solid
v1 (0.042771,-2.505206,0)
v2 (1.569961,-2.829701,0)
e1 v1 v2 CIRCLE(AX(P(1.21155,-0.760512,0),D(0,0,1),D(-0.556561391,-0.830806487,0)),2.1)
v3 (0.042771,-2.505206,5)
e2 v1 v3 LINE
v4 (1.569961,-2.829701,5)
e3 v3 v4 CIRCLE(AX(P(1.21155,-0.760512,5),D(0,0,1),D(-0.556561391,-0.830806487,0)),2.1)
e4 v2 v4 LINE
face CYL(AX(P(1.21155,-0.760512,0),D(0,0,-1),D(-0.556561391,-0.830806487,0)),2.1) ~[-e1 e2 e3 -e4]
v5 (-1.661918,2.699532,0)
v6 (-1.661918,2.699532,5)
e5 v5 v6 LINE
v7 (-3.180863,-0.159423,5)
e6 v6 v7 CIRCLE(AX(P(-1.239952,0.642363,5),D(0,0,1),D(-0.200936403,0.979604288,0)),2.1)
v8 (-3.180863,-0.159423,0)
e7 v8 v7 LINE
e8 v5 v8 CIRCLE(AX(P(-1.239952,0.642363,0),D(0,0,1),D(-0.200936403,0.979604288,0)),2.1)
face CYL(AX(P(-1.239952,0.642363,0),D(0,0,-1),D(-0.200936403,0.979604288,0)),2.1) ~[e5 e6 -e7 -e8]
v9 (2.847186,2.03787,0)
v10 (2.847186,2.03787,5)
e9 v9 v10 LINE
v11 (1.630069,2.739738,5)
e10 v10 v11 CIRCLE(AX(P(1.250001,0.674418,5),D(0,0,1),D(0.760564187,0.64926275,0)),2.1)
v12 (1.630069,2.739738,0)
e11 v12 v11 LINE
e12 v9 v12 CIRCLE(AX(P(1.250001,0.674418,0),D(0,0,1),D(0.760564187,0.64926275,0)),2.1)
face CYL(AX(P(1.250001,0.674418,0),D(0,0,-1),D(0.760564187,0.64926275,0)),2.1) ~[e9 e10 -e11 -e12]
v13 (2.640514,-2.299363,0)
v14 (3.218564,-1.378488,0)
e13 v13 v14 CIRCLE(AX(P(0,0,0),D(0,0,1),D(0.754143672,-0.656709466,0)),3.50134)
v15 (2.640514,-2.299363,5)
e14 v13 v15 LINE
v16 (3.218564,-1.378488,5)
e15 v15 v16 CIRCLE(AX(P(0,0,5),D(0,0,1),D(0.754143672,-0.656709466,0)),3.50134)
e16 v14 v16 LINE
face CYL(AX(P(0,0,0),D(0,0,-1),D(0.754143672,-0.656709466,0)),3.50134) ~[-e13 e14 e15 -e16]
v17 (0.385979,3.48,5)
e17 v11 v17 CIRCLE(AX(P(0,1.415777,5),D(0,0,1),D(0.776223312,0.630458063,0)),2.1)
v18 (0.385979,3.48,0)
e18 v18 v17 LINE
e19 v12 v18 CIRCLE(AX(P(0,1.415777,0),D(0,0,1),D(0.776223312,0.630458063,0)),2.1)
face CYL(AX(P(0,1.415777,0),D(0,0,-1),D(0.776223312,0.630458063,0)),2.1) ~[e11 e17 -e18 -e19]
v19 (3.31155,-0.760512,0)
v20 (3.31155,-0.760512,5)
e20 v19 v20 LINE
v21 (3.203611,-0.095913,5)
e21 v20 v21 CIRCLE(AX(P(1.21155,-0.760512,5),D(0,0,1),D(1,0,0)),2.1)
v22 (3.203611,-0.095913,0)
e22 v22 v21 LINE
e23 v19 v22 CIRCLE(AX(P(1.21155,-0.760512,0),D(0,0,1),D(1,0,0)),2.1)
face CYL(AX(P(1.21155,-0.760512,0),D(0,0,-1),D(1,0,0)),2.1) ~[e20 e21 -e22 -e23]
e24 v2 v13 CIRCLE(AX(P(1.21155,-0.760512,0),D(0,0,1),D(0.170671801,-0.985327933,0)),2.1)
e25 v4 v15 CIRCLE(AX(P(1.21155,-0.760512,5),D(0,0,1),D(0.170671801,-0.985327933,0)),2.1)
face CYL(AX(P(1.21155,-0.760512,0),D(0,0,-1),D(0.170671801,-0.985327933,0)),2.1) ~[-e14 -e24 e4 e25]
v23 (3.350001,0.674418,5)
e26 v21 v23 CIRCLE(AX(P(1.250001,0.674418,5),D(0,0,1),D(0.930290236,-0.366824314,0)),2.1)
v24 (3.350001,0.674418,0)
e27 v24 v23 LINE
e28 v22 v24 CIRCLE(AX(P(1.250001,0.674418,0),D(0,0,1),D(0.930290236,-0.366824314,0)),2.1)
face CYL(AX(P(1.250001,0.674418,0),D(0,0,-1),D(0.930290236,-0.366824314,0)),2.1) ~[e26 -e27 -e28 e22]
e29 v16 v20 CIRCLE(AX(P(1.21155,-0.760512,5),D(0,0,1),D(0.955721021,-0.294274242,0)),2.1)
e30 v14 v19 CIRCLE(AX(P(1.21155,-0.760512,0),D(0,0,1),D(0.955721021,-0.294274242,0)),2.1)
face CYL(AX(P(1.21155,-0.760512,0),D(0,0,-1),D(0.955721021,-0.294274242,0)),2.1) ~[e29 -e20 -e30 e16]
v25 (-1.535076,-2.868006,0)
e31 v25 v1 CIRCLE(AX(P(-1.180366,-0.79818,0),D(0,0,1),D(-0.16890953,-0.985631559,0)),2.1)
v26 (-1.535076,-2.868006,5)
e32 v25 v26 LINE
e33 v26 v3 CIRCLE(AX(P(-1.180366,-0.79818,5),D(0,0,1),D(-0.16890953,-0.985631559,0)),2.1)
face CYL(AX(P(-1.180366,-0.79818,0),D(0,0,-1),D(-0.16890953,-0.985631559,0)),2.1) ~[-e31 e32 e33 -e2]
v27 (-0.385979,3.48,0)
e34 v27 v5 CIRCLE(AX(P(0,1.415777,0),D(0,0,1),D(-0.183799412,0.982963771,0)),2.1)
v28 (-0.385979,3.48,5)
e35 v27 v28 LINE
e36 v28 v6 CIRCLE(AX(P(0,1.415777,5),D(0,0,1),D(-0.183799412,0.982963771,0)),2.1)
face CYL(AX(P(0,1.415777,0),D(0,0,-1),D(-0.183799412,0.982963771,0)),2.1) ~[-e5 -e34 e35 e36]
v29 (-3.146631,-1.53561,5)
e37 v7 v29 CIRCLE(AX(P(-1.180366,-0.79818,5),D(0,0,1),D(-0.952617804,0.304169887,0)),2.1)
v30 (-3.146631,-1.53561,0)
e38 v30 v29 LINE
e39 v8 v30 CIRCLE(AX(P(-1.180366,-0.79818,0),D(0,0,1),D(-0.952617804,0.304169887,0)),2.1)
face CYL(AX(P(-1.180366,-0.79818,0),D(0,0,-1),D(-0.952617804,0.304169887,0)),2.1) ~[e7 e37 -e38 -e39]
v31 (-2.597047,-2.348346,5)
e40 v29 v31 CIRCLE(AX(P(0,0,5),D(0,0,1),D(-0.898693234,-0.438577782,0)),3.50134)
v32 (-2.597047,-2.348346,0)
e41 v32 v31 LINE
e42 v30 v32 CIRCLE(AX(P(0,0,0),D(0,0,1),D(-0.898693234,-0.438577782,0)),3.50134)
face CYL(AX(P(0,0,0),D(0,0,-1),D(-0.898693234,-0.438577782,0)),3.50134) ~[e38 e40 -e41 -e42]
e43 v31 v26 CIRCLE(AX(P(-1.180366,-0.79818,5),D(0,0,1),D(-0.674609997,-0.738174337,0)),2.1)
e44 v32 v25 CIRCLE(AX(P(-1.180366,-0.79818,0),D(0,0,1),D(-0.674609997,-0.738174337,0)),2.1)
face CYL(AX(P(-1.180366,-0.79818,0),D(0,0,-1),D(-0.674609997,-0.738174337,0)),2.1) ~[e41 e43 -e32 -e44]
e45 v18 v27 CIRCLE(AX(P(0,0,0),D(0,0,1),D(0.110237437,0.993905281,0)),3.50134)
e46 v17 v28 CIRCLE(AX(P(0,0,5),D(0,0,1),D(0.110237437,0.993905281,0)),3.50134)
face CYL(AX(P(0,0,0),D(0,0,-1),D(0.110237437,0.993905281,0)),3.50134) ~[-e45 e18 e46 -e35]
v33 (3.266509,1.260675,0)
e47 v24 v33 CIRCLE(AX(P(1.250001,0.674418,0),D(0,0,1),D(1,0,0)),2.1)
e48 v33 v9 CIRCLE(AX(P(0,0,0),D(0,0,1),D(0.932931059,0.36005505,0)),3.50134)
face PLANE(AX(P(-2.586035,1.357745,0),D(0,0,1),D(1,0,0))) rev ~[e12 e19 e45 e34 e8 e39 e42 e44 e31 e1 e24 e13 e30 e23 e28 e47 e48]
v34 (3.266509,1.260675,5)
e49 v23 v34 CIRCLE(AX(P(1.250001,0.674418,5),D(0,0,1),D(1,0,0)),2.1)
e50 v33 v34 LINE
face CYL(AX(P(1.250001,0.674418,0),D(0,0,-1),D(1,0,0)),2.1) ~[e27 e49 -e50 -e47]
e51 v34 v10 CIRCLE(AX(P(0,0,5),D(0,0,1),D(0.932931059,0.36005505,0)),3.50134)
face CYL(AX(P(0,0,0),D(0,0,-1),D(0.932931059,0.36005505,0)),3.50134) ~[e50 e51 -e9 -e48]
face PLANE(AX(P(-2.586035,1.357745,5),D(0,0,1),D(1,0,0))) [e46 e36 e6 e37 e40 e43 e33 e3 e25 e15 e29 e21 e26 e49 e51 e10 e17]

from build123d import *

# Parameters (mm, degrees)
F1_DEPTH = 5


with BuildPart() as f1:
    # F0 (on Top) → F1 (new body)
    with BuildSketch(Plane.XY):
        with BuildLine():
            ThreePointArc((-2.0762917056, 1.1011136345), (-2.0328031028, 1.9427599936), (-1.6619180303, 2.6995321623))
            ThreePointArc((-1.6619180303, 2.6995321623), (-3.094460966, 1.6276524291), (-3.1808633019, -0.159423412))
            ThreePointArc((-3.1808633019, -0.159423412), (-2.759782015, 0.5858157715), (-2.0762917056, 1.1011136345))
        make_face()
        with BuildLine():
            ThreePointArc((-0.0167437519, 2.3493378491), (0.7655920202, 2.7177846989), (1.630068956, 2.739738487))
            ThreePointArc((1.630068956, 2.739738487), (1.0738291564, 3.2204623839), (0.3859787662, 3.4800004745))
            ThreePointArc((0.3859787662, 3.4800004745), (0, 3.5013401592), (-0.3859787662, 3.4800004745))
            ThreePointArc((-0.3859787662, 3.4800004745), (-1.0957887656, 3.2072136818), (-1.6619180303, 2.6995321623))
            ThreePointArc((-1.6619180303, 2.6995321623), (-0.8027377303, 2.6963456411), (-0.0167437519, 2.3493378491))
        make_face()
        with BuildLine():
            ThreePointArc((-0.7665170517, 1.2606372323), (-0.4795280781, 1.8655214743), (-0.0167437519, 2.3493378491))
            ThreePointArc((-0.0167437519, 2.3493378491), (-0.8027377303, 2.6963456411), (-1.6619180303, 2.6995321623))
            ThreePointArc((-1.6619180303, 2.6995321623), (-2.0328031028, 1.9427599936), (-2.0762917056, 1.1011136345))
            ThreePointArc((-2.0762917056, 1.1011136345), (-1.4342585803, 1.2864153522), (-0.7665170517, 1.2606372323))
        make_face()
        with BuildLine():
            ThreePointArc((-0.8417890227, 0.4889120152), (-0.8400800334, 0.8782788449), (-0.7665170517, 1.2606372323))
            ThreePointArc((-0.7665170517, 1.2606372323), (-1.4342585803, 1.2864153522), (-2.0762917056, 1.1011136345))
            ThreePointArc((-2.0762917056, 1.1011136345), (-1.892548263, 0.5056880575), (-1.5421690484, -0.0096057192))
            ThreePointArc((-1.5421690484, -0.0096057192), (-1.2177618831, 0.275876115), (-0.8417890227, 0.4889120152))
        make_face()
        with BuildLine():
            ThreePointArc((-1.5421690484, -0.0096057192), (-1.892548263, 0.5056880575), (-2.0762917056, 1.1011136345))
            ThreePointArc((-2.0762917056, 1.1011136345), (-2.759782015, 0.5858157715), (-3.1808633019, -0.159423412))
            ThreePointArc((-3.1808633019, -0.159423412), (-2.7448394229, -0.8223254079), (-2.0939831205, -1.2761336856))
            ThreePointArc((-2.0939831205, -1.2761336856), (-1.9252075008, -0.5961935731), (-1.5421690484, -0.0096057192))
        make_face()
        with BuildLine():
            ThreePointArc((-3.1808633019, -0.159423412), (-3.2797165139, -0.8504014439), (-3.1466307115, -1.5356100014))
            ThreePointArc((-3.1466307115, -1.5356100014), (-2.900447072, -1.9613234545), (-2.597046909, -2.3483462827))
            ThreePointArc((-2.597046909, -2.3483462827), (-2.1033871479, -2.6844547585), (-1.535075927, -2.8680064501))
            ThreePointArc((-1.535075927, -2.8680064501), (-1.9814217414, -2.1306659953), (-2.0939831205, -1.2761336856))
            ThreePointArc((-2.0939831205, -1.2761336856), (-2.7448394229, -0.8223254079), (-3.1808633019, -0.159423412))
        make_face()
        with BuildLine():
            ThreePointArc((-0.7861340261, -1.4080147657), (-1.4506432117, -1.4470408344), (-2.0939831205, -1.2761336856))
            ThreePointArc((-2.0939831205, -1.2761336856), (-1.9814217414, -2.1306659953), (-1.535075927, -2.8680064501))
            ThreePointArc((-1.535075927, -2.8680064501), (-0.709784023, -2.8447755638), (0.0427708169, -2.5052058157))
            ThreePointArc((0.0427708169, -2.5052058157), (-0.4640333051, -2.0263800649), (-0.7861340261, -1.4080147657))
        make_face()
        with BuildLine():
            ThreePointArc((-0.8715740706, -0.4948146209), (-1.2310141675, -0.2855770594), (-1.5421690484, -0.0096057192))
            ThreePointArc((-1.5421690484, -0.0096057192), (-1.9252075008, -0.5961935731), (-2.0939831205, -1.2761336856))
            ThreePointArc((-2.0939831205, -1.2761336856), (-1.4506432117, -1.4470408344), (-0.7861340261, -1.4080147657))
            ThreePointArc((-0.7861340261, -1.4080147657), (-0.8793187986, -0.9561362328), (-0.8715740706, -0.4948146209))
        make_face()
        with BuildLine():
            ThreePointArc((-0.742059757, 0.009818867), (-0.8059274631, 0.2464505253), (-0.8417890227, 0.4889120152))
            ThreePointArc((-0.8417890227, 0.4889120152), (-1.2177618831, 0.275876115), (-1.5421690484, -0.0096057192))
            ThreePointArc((-1.5421690484, -0.0096057192), (-1.2310141675, -0.2855770594), (-0.8715740706, -0.4948146209))
            ThreePointArc((-0.8715740706, -0.4948146209), (-0.8225268781, -0.2384659106), (-0.742059757, 0.009818867))
        make_face()
        with BuildLine():
            ThreePointArc((-0.0115869939, 0.9465134466), (-0.373615573, 1.1406735804), (-0.7665170517, 1.2606372323))
            ThreePointArc((-0.7665170517, 1.2606372323), (-0.8400800334, 0.8782788449), (-0.8417890227, 0.4889120152))
            ThreePointArc((-0.8417890227, 0.4889120152), (-0.6044808447, 0.5761318216), (-0.3584107831, 0.634200667))
            ThreePointArc((-0.3584107831, 0.634200667), (-0.1937021555, 0.8000220473), (-0.0115869939, 0.9465134466))
        make_face()
        with BuildLine():
            ThreePointArc((-0.3800674705, -0.6495439334), (0.0213422754, -0.6841149921), (0.4219664467, -0.6413924512))
            ThreePointArc((0.4219664467, -0.6413924512), (0.6194374425, -0.3336862528), (0.7605458039, 0.0036063931))
            ThreePointArc((0.7605458039, 0.0036063931), (0.5860530482, 0.3374976169), (0.3547100125, 0.6348382816))
            ThreePointArc((0.3547100125, 0.6348382816), (-0.0018776485, 0.6650111676), (-0.3584107831, 0.634200667))
            ThreePointArc((-0.3584107831, 0.634200667), (-0.5776818213, 0.3388741939), (-0.742059757, 0.009818867))
            ThreePointArc((-0.742059757, 0.009818867), (-0.590826214, -0.336202296), (-0.3800674705, -0.6495439334))
        make_face()
        with BuildLine():
            ThreePointArc((0.8600484164, 0.6423631567), (0.8343116475, 0.9701314411), (0.75773218, 1.2898657287))
            ThreePointArc((0.75773218, 1.2898657287), (0.3556778901, 1.1571643643), (-0.0115869939, 0.9465134466))
            ThreePointArc((-0.0115869939, 0.9465134466), (0.1805136214, 0.801196856), (0.3547100125, 0.6348382816))
            ThreePointArc((0.3547100125, 0.6348382816), (0.6090888134, 0.5747410478), (0.854031537, 0.4835088493))
            ThreePointArc((0.854031537, 0.4835088493), (0.8585436575, 0.5628790485), (0.8600484164, 0.6423631567))
        make_face()
        with BuildLine():
            ThreePointArc((0.75773218, 1.2898657287), (0.4553820003, 1.8816549058), (-0.0167437519, 2.3493378491))
            ThreePointArc((-0.0167437519, 2.3493378491), (-0.4795280781, 1.8655214743), (-0.7665170517, 1.2606372323))
            ThreePointArc((-0.7665170517, 1.2606372323), (-0.373615573, 1.1406735804), (-0.0115869939, 0.9465134466))
            ThreePointArc((-0.0115869939, 0.9465134466), (0.3556778901, 1.1571643643), (0.75773218, 1.2898657287))
        make_face()
        with BuildLine():
            ThreePointArc((2.0831238081, 1.1500789817), (2.0957767053, 1.2826600585), (2.1, 1.4157765545))
            ThreePointArc((2.1, 1.4157765545), (1.9790331993, 2.1182205709), (1.630068956, 2.739738487))
            ThreePointArc((1.630068956, 2.739738487), (0.7655920202, 2.7177846989), (-0.0167437519, 2.3493378491))
            ThreePointArc((-0.0167437519, 2.3493378491), (0.4553820003, 1.8816549058), (0.75773218, 1.2898657287))
            ThreePointArc((0.75773218, 1.2898657287), (1.4318114221, 1.3279046206), (2.0831238081, 1.1500789817))
        make_face()
        with BuildLine():
            ThreePointArc((1.630068956, 2.739738487), (1.9790331993, 2.1182205709), (2.1, 1.4157765545))
            ThreePointArc((2.1, 1.4157765545), (2.0957767053, 1.2826600585), (2.0831238081, 1.1500789817))
            ThreePointArc((2.0831238081, 1.1500789817), (2.7730316761, 0.6436865656), (3.2036109799, -0.0959130616))
            ThreePointArc((3.2036109799, -0.0959130616), (3.3130792758, 0.2823592908), (3.3500014855, 0.6744179991))
            ThreePointArc((3.3500014855, 0.6744179991), (3.3290235807, 0.9705043508), (3.2665089829, 1.2606752061))
            ThreePointArc((3.2665089829, 1.2606752061), (3.0814485688, 1.6625455268), (2.8471862771, 2.0378697735))
            ThreePointArc((2.8471862771, 2.0378697735), (2.2990660925, 2.4936110758), (1.630068956, 2.739738487))
        make_face()
        with BuildLine():
            ThreePointArc((3.3115497375, -0.7605121937), (3.2843894092, -0.4238585208), (3.2036109799, -0.0959130616))
            ThreePointArc((3.2036109799, -0.0959130616), (2.7620344039, -0.7828933792), (2.0917905081, -1.249482009))
            ThreePointArc((2.0917905081, -1.249482009), (2.0979466231, -1.3421442185), (2.1, -1.434987993))
            ThreePointArc((2.1, -1.434987993), (1.9630228085, -2.1810050527), (1.5699605206, -2.8297008536))
            ThreePointArc((1.5699605206, -2.8297008536), (2.1437468532, -2.6422689626), (2.6405135235, -2.2993632256))
            ThreePointArc((2.6405135235, -2.2993632256), (2.9655016033, -1.8615002421), (3.2185638821, -1.3784881021))
            ThreePointArc((3.2185638821, -1.3784881021), (3.2881731631, -1.0729784289), (3.3115497375, -0.7605121937))
        make_face()
        with BuildLine():
            ThreePointArc((3.2036109799, -0.0959130616), (2.7730316761, 0.6436865656), (2.0831238081, 1.1500789817))
            ThreePointArc((2.0831238081, 1.1500789817), (1.9031301125, 0.5280289694), (1.5421690484, -0.0096057192))
            ThreePointArc((1.5421690484, -0.0096057192), (1.9198278095, -0.5839526342), (2.0917905081, -1.249482009))
            ThreePointArc((2.0917905081, -1.249482009), (2.7620344039, -0.7828933792), (3.2036109799, -0.0959130616))
        make_face()
        with BuildLine():
            ThreePointArc((2.1, -1.434987993), (2.0979466231, -1.3421442185), (2.0917905081, -1.249482009))
            ThreePointArc((2.0917905081, -1.249482009), (1.4743536, -1.4135633535), (0.8361526227, -1.3843994087))
            ThreePointArc((0.8361526227, -1.3843994087), (0.5336624736, -2.0114842119), (0.0427708169, -2.5052058157))
            ThreePointArc((0.0427708169, -2.5052058157), (0.7750885285, -2.814654743), (1.5699605206, -2.8297008536))
            ThreePointArc((1.5699605206, -2.8297008536), (1.9630228085, -2.1810050527), (2.1, -1.434987993))
        make_face()
        with BuildLine():
            ThreePointArc((0.0427708169, -2.5052058157), (0.5336624736, -2.0114842119), (0.8361526227, -1.3843994087))
            ThreePointArc((0.8361526227, -1.3843994087), (0.4127816939, -1.2514747862), (0.0267936538, -1.0325566933))
            ThreePointArc((0.0267936538, -1.0325566933), (-0.3594254489, -1.2641188722), (-0.7861340261, -1.4080147657))
            ThreePointArc((-0.7861340261, -1.4080147657), (-0.4640333051, -2.0263800649), (0.0427708169, -2.5052058157))
        make_face()
        with BuildLine():
            ThreePointArc((0.0267936538, -1.0325566933), (-0.1894330564, -0.8546432161), (-0.3800674705, -0.6495439334))
            ThreePointArc((-0.3800674705, -0.6495439334), (-0.6305845914, -0.5873118293), (-0.8715740706, -0.4948146209))
            ThreePointArc((-0.8715740706, -0.4948146209), (-0.8793187986, -0.9561362328), (-0.7861340261, -1.4080147657))
            ThreePointArc((-0.7861340261, -1.4080147657), (-0.3594254489, -1.2641188722), (0.0267936538, -1.0325566933))
        make_face()
        with BuildLine():
            ThreePointArc((0.9196340855, -0.7981801755), (0.9136986239, -0.6404027718), (0.8959257911, -0.4835172555))
            ThreePointArc((0.8959257911, -0.4835172555), (0.6636573905, -0.576598628), (0.4219664467, -0.6413924512))
            ThreePointArc((0.4219664467, -0.6413924512), (0.2373836864, -0.8501114663), (0.0267936538, -1.0325566933))
            ThreePointArc((0.0267936538, -1.0325566933), (0.4127816939, -1.2514747862), (0.8361526227, -1.3843994087))
            ThreePointArc((0.8361526227, -1.3843994087), (0.8986589685, -1.0942469518), (0.9196340855, -0.7981801755))
        make_face()
        with BuildLine():
            ThreePointArc((2.0917905081, -1.249482009), (1.9198278095, -0.5839526342), (1.5421690484, -0.0096057192))
            ThreePointArc((1.5421690484, -0.0096057192), (1.2418633772, -0.2776741688), (0.8959257911, -0.4835172555))
            ThreePointArc((0.8959257911, -0.4835172555), (0.9136986239, -0.6404027718), (0.9196340855, -0.7981801755))
            ThreePointArc((0.9196340855, -0.7981801755), (0.8986589685, -1.0942469518), (0.8361526227, -1.3843994087))
            ThreePointArc((0.8361526227, -1.3843994087), (1.4743536, -1.4135633535), (2.0917905081, -1.249482009))
        make_face()
        with BuildLine():
            ThreePointArc((0.8959257911, -0.4835172555), (1.2418633772, -0.2776741688), (1.5421690484, -0.0096057192))
            ThreePointArc((1.5421690484, -0.0096057192), (1.2232067714, 0.2719874592), (0.854031537, 0.4835088493))
            ThreePointArc((0.854031537, 0.4835088493), (0.8213027068, 0.2408276655), (0.7605458039, 0.0036063931))
            ThreePointArc((0.7605458039, 0.0036063931), (0.8429489892, -0.2358663837), (0.8959257911, -0.4835172555))
        make_face()
        with BuildLine():
            ThreePointArc((1.5421690484, -0.0096057192), (1.9031301125, 0.5280289694), (2.0831238081, 1.1500789817))
            ThreePointArc((2.0831238081, 1.1500789817), (1.4318114221, 1.3279046206), (0.75773218, 1.2898657287))
            ThreePointArc((0.75773218, 1.2898657287), (0.8343116475, 0.9701314411), (0.8600484164, 0.6423631567))
            ThreePointArc((0.8600484164, 0.6423631567), (0.8585436575, 0.5628790485), (0.854031537, 0.4835088493))
            ThreePointArc((0.854031537, 0.4835088493), (1.2232067714, 0.2719874592), (1.5421690484, -0.0096057192))
        make_face()
        with BuildLine():
            ThreePointArc((0.0267936538, -1.0325566933), (0.2373836864, -0.8501114663), (0.4219664467, -0.6413924512))
            ThreePointArc((0.4219664467, -0.6413924512), (0.0213422754, -0.6841149921), (-0.3800674705, -0.6495439334))
            ThreePointArc((-0.3800674705, -0.6495439334), (-0.1894330564, -0.8546432161), (0.0267936538, -1.0325566933))
        make_face()
        with BuildLine():
            ThreePointArc((-0.3800674705, -0.6495439334), (-0.590826214, -0.336202296), (-0.742059757, 0.009818867))
            ThreePointArc((-0.742059757, 0.009818867), (-0.8225268781, -0.2384659106), (-0.8715740706, -0.4948146209))
            ThreePointArc((-0.8715740706, -0.4948146209), (-0.6305845914, -0.5873118293), (-0.3800674705, -0.6495439334))
        make_face()
        with BuildLine():
            ThreePointArc((-0.3584107831, 0.634200667), (-0.6044808447, 0.5761318216), (-0.8417890227, 0.4889120152))
            ThreePointArc((-0.8417890227, 0.4889120152), (-0.8059274631, 0.2464505253), (-0.742059757, 0.009818867))
            ThreePointArc((-0.742059757, 0.009818867), (-0.5776818213, 0.3388741939), (-0.3584107831, 0.634200667))
        make_face()
        with BuildLine():
            ThreePointArc((0.3547100125, 0.6348382816), (0.1805136214, 0.801196856), (-0.0115869939, 0.9465134466))
            ThreePointArc((-0.0115869939, 0.9465134466), (-0.1937021555, 0.8000220473), (-0.3584107831, 0.634200667))
            ThreePointArc((-0.3584107831, 0.634200667), (-0.0018776485, 0.6650111676), (0.3547100125, 0.6348382816))
        make_face()
        with BuildLine():
            ThreePointArc((0.7605458039, 0.0036063931), (0.8213027068, 0.2408276655), (0.854031537, 0.4835088493))
            ThreePointArc((0.854031537, 0.4835088493), (0.6090888134, 0.5747410478), (0.3547100125, 0.6348382816))
            ThreePointArc((0.3547100125, 0.6348382816), (0.5860530482, 0.3374976169), (0.7605458039, 0.0036063931))
        make_face()
        with BuildLine():
            ThreePointArc((0.4219664467, -0.6413924512), (0.6636573905, -0.576598628), (0.8959257911, -0.4835172555))
            ThreePointArc((0.8959257911, -0.4835172555), (0.8429489892, -0.2358663837), (0.7605458039, 0.0036063931))
            ThreePointArc((0.7605458039, 0.0036063931), (0.6194374425, -0.3336862528), (0.4219664467, -0.6413924512))
        make_face()
    extrude(amount=F1_DEPTH)


solid = f1.part
